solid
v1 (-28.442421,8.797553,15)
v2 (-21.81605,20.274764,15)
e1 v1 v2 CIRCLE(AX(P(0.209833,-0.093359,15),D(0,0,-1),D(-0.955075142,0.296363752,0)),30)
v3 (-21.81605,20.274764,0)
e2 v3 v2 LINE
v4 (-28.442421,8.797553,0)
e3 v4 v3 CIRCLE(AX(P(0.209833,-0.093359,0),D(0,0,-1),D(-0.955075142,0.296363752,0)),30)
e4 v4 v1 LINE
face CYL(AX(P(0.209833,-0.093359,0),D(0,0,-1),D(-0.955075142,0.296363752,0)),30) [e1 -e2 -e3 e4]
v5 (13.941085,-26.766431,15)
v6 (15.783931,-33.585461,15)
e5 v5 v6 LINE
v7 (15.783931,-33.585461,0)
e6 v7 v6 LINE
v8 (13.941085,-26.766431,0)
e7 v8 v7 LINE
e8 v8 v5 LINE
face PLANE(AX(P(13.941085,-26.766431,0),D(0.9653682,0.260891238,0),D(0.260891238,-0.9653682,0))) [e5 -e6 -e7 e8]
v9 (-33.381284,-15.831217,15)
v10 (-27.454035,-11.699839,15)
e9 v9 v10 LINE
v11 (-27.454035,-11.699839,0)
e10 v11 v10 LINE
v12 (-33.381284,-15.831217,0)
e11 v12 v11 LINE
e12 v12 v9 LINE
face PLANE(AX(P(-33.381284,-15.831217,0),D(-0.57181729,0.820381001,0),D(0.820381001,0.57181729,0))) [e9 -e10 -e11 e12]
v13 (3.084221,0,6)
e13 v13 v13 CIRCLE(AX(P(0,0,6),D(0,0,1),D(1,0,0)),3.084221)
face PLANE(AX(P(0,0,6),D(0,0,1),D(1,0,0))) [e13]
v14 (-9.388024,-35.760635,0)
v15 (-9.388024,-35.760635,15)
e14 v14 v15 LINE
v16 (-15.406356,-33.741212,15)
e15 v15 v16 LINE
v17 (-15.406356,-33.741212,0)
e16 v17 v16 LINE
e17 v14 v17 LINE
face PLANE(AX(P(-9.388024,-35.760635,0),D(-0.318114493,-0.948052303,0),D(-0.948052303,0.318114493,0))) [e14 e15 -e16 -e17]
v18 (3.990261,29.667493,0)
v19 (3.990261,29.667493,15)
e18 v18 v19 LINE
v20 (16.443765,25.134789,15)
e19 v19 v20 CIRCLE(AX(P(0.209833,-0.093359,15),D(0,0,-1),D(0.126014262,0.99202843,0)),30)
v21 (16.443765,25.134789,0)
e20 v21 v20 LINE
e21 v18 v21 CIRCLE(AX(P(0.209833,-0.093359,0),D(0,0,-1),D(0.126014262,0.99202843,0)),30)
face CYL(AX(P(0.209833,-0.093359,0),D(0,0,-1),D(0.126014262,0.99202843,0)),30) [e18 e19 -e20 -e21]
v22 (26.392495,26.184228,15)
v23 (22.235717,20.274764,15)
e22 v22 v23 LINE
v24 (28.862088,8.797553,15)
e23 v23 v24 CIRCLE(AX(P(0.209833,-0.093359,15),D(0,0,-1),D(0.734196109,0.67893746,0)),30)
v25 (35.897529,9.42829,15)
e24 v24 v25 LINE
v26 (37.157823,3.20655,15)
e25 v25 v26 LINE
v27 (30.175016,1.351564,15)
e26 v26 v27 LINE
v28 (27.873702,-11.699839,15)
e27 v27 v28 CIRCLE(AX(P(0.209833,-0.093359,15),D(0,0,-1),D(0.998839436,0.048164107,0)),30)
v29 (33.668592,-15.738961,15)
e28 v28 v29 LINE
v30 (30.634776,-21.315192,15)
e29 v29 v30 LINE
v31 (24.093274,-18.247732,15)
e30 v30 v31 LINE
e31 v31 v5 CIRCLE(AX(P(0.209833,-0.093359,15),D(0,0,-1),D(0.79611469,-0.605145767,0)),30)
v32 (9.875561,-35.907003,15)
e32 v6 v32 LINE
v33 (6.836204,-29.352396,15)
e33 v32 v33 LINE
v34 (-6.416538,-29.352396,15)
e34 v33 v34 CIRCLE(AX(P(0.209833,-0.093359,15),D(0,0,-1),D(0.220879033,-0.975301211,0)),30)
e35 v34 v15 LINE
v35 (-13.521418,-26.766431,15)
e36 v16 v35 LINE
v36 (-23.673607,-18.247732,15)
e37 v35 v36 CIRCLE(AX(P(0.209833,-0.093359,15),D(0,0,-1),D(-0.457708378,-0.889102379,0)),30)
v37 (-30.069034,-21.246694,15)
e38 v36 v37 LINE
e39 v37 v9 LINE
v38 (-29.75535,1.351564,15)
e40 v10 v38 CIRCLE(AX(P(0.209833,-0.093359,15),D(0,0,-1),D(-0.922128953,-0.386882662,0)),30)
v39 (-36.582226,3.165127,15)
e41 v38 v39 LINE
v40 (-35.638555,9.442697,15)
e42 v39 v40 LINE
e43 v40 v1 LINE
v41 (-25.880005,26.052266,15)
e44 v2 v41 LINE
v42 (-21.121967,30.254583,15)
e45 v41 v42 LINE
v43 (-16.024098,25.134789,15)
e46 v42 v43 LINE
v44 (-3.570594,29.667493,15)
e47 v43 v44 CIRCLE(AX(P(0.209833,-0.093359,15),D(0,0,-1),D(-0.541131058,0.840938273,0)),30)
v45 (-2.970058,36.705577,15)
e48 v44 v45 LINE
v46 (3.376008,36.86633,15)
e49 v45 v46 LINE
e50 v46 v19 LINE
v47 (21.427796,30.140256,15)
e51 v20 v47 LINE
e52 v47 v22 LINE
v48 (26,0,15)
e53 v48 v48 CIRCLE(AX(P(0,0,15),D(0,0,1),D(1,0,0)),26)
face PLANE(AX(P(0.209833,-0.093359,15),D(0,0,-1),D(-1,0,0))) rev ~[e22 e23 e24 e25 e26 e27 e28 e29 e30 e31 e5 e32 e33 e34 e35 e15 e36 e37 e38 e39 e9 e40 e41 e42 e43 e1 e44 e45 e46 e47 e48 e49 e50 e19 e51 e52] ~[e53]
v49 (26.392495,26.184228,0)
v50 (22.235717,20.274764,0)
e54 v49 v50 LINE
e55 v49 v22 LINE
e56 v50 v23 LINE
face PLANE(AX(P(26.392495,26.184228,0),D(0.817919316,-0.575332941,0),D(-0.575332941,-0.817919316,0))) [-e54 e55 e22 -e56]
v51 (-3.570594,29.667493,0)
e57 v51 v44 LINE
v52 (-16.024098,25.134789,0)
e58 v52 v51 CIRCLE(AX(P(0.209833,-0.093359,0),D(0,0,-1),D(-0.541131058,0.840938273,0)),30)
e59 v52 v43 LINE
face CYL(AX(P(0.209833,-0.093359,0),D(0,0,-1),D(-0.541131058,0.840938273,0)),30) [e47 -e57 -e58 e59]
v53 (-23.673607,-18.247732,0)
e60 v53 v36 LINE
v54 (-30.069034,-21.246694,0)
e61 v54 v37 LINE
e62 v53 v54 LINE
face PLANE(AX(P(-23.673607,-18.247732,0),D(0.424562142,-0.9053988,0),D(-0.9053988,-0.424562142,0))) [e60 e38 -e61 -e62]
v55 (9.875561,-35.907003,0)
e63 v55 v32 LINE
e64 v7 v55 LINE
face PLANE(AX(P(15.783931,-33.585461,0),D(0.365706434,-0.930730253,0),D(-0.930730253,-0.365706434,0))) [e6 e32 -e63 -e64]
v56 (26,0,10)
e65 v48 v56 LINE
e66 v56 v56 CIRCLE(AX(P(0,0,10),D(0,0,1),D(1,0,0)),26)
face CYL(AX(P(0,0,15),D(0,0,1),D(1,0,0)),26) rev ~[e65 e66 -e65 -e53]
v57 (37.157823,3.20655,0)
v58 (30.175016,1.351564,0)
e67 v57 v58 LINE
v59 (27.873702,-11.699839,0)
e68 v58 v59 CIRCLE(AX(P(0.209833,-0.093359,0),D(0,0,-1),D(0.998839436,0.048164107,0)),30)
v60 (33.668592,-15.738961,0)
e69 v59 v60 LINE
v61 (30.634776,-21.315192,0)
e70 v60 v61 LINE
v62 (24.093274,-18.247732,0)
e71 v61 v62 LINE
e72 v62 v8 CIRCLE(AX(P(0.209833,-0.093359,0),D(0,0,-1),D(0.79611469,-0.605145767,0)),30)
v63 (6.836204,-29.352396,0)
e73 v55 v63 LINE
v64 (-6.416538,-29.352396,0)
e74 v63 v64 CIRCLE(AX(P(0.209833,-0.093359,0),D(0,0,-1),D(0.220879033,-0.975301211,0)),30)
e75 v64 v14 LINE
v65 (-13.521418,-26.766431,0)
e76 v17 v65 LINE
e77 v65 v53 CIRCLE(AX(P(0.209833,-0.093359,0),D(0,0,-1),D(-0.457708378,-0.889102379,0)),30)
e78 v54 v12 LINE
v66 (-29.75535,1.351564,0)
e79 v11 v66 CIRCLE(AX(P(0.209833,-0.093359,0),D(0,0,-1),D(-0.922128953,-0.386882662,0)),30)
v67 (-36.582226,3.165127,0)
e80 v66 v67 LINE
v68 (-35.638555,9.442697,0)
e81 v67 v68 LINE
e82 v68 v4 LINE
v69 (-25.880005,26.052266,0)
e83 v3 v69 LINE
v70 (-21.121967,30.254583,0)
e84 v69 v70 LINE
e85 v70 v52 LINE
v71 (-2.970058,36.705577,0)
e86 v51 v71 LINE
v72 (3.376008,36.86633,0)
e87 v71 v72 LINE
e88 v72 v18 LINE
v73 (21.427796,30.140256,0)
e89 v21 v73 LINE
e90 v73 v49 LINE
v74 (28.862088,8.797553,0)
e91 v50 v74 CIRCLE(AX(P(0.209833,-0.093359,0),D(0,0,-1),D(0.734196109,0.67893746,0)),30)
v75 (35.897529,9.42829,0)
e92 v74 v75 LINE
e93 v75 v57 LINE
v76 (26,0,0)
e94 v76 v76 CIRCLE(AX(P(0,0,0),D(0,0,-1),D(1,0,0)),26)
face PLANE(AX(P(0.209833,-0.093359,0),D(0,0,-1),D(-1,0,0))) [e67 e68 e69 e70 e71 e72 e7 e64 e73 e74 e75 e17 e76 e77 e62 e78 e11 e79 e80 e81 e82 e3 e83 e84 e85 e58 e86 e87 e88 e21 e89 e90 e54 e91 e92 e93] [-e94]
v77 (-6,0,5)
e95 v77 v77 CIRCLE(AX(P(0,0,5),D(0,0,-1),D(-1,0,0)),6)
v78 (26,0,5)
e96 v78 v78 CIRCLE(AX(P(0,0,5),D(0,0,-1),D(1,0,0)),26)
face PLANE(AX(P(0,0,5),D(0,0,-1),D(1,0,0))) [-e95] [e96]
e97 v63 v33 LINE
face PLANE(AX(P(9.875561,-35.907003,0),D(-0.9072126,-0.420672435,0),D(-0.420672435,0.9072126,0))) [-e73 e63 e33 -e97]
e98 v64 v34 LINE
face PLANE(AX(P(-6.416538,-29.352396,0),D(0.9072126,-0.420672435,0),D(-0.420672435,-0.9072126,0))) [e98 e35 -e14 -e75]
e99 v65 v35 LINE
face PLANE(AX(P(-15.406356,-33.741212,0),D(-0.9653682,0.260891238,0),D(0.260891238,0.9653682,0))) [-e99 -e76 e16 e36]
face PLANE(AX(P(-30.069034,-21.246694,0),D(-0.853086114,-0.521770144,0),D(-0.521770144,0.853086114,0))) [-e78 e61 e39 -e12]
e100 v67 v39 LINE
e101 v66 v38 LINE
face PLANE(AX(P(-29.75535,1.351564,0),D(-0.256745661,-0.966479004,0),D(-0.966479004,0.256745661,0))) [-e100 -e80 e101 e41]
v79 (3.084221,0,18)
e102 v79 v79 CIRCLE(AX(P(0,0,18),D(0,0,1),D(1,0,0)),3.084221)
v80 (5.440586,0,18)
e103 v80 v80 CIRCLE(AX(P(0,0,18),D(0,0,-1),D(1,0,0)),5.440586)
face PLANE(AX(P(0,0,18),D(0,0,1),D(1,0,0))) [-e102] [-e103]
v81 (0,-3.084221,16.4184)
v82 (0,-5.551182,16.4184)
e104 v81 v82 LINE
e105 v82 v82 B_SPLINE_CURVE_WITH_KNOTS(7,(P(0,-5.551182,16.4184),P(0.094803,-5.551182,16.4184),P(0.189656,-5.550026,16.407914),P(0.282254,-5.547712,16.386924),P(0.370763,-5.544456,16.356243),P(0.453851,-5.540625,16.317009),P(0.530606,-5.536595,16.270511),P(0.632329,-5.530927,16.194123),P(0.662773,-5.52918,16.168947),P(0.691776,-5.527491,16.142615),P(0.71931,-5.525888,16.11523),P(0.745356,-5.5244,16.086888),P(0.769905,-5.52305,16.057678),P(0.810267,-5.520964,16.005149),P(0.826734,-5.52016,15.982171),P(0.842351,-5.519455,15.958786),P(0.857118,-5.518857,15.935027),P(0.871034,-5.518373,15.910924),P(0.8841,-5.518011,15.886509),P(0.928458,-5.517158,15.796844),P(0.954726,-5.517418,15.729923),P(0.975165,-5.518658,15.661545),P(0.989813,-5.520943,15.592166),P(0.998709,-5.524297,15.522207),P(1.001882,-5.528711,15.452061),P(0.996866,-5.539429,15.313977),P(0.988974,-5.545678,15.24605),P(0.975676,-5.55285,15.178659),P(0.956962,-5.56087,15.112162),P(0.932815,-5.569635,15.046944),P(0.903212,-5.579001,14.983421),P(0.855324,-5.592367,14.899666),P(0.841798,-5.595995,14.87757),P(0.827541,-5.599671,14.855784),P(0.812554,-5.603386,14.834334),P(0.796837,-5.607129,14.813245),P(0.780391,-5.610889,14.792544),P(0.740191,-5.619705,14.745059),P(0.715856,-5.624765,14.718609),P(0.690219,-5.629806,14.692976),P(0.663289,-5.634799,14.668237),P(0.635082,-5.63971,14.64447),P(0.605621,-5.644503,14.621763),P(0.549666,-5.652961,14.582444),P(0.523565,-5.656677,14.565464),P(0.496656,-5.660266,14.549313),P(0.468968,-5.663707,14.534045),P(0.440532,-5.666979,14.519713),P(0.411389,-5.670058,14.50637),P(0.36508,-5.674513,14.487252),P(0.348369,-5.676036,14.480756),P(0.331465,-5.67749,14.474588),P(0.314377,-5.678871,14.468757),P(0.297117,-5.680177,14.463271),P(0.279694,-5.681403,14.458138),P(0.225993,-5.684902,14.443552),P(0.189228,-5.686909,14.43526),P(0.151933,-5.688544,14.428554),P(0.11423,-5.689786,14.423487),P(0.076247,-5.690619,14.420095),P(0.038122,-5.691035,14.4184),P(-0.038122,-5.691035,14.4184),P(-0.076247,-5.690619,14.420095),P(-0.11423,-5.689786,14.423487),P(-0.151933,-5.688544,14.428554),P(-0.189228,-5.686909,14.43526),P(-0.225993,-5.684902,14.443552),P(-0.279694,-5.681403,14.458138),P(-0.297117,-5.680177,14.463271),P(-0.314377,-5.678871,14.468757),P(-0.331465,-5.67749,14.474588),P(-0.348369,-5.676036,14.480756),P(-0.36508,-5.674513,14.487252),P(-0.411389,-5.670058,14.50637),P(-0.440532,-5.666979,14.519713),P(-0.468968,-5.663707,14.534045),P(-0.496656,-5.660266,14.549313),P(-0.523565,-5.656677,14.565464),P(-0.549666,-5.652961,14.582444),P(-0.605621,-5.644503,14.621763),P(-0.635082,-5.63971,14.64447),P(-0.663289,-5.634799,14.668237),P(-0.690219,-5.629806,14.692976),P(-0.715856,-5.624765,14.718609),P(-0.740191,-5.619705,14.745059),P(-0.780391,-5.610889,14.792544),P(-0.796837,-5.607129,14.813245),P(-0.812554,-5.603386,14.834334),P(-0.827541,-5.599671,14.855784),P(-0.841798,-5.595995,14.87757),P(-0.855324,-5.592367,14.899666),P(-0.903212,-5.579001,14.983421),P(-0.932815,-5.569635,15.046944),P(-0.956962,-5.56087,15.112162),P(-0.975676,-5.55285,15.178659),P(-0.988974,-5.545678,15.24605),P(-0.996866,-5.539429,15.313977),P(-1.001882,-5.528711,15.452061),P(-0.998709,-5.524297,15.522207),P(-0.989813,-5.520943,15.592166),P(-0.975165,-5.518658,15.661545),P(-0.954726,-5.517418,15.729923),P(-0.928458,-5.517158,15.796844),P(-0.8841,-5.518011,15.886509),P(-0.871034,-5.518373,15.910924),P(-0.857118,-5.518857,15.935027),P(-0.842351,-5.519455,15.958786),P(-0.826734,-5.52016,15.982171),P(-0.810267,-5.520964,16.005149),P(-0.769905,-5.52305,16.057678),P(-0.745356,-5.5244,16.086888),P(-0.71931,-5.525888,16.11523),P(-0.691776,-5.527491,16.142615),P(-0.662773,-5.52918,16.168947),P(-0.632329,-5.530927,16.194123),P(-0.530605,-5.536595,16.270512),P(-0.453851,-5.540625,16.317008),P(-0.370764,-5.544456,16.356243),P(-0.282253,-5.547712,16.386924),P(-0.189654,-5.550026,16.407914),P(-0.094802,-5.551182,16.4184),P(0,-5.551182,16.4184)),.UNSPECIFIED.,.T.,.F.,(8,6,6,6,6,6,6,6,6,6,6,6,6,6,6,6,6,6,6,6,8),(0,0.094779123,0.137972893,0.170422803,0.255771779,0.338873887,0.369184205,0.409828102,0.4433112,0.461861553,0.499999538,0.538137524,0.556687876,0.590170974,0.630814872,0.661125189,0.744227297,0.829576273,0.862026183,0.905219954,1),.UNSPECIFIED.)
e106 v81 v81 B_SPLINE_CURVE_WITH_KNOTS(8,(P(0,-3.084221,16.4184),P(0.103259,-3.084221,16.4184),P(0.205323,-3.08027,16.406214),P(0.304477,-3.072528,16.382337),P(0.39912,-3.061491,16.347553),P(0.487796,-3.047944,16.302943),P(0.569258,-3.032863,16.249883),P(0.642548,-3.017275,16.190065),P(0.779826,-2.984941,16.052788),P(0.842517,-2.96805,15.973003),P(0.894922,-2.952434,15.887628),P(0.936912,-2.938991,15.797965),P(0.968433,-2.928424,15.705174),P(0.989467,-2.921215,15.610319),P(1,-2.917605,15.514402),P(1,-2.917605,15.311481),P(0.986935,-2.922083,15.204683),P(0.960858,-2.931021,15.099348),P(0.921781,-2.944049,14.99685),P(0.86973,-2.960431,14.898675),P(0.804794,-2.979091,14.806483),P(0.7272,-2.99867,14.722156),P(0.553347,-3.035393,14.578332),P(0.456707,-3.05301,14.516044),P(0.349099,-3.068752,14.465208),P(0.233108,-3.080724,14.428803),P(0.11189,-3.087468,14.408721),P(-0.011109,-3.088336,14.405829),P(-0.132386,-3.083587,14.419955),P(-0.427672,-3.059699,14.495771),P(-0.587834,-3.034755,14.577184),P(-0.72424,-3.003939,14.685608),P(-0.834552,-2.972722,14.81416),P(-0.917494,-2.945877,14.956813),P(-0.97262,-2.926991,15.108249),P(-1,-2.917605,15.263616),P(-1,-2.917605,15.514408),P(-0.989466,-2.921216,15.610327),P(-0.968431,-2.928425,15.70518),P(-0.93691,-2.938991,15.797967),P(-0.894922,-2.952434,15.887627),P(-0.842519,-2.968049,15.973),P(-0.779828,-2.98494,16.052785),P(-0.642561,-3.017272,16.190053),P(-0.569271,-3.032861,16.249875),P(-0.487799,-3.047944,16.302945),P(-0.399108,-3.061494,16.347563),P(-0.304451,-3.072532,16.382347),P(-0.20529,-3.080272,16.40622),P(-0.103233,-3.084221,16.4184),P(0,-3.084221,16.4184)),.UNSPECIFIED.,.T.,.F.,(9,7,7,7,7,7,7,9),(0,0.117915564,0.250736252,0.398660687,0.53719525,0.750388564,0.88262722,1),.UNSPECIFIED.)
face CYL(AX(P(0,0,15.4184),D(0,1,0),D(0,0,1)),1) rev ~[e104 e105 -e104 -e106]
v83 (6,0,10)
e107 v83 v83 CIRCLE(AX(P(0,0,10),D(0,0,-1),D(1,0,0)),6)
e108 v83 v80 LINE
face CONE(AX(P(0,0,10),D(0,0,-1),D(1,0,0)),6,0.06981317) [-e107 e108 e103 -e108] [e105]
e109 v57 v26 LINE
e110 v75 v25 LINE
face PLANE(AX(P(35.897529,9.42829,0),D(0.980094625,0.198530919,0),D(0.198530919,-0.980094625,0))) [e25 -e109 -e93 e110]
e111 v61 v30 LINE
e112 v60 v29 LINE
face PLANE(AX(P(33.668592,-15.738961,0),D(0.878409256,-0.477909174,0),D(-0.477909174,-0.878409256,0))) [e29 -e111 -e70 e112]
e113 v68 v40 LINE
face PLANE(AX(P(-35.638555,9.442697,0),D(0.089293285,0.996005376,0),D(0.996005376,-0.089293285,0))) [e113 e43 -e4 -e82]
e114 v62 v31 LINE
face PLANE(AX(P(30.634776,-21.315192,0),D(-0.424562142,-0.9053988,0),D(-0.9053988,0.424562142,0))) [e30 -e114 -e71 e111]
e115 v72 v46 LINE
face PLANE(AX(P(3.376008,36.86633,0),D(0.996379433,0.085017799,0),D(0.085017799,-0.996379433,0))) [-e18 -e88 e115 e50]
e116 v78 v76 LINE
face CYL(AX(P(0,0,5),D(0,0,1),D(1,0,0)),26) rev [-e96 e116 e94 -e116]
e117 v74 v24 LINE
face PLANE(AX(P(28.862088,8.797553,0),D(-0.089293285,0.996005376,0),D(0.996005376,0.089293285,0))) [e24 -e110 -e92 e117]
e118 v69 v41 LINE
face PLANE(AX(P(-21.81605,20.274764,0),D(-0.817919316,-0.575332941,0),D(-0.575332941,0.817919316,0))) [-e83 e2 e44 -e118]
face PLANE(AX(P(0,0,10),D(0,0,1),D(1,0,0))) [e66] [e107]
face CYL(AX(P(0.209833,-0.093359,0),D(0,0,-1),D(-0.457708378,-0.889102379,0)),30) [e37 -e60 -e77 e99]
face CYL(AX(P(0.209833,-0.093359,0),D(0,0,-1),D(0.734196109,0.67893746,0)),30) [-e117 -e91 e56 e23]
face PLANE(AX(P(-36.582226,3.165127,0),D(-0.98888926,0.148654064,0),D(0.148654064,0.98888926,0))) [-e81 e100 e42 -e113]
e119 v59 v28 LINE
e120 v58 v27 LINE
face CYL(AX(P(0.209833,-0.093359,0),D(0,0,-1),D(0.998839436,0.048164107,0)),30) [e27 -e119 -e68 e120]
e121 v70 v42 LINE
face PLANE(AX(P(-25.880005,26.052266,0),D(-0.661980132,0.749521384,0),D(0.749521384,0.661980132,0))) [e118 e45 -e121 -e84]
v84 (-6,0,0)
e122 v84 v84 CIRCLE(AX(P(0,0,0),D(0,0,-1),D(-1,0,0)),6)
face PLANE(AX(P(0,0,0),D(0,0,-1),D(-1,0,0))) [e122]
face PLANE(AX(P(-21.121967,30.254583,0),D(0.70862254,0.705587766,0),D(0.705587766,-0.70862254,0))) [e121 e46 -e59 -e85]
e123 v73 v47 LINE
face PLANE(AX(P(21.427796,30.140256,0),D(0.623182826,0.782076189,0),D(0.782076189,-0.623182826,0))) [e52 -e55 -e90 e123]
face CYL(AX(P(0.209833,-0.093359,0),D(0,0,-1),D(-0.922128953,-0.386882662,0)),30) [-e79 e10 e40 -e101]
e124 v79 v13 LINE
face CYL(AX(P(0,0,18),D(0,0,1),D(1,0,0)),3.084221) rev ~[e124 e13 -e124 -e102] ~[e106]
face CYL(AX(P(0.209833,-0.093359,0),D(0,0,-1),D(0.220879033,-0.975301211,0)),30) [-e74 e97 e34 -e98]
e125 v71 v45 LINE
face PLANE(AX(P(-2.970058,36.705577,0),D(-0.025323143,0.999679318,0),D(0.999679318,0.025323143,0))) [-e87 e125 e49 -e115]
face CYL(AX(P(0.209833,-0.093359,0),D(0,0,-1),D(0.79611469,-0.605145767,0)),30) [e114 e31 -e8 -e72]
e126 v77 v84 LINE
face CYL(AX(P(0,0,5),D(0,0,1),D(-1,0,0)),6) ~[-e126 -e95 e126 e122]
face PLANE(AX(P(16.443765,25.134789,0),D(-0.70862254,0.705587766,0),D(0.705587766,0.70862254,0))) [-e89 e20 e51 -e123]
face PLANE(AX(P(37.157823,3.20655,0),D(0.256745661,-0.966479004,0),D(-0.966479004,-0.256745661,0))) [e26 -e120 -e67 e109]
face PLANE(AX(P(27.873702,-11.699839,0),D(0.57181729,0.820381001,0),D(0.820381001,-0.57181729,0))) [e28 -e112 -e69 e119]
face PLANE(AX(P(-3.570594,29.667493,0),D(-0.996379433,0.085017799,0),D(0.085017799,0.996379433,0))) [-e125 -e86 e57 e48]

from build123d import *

# Parameters (mm, degrees)
BOSS_EXTRUDE1_DEPTH = 15
SKETCH3_R           = 26
CUT_EXTRUDE1_DEPTH  = 5
CUT_EXTRUDE2_START  = -5
SKETCH4_R           = 26
CUT_EXTRUDE2_DEPTH  = 5
SKETCH5_R           = 6
BOSS_EXTRUDE2_DEPTH = 8
BOSS_EXTRUDE2_TAPER = 4
SKETCH6_R           = 6
BOSS_EXTRUDE3_DEPTH = 5
SKETCH7_R           = 3.084221082
CUT_EXTRUDE3_DEPTH  = 12
CUT_EXTRUDE4_REACH  = 57.352
SKETCH8_R           = 1


with BuildPart() as part:
    # Sketch1 → Boss-Extrude1 (new body)
    with BuildSketch(Plane.XY):
        with BuildLine():
            Line((-3.570594462, 29.667493479), (-2.97005784, 36.705576615))
            Line((-2.97005784, 36.705576615), (3.376008048, 36.866330498))
            Line((3.376008048, 36.866330498), (3.990261273, 29.667493478))
            ThreePointArc((3.990261273, 29.667493478), (10.470437707, 28.097419204), (16.443765143, 25.134788755))
            Line((16.443765143, 25.134788755), (21.427795521, 30.140255732))
            Line((21.427795521, 30.140255732), (26.392494634, 26.184227828))
            Line((26.392494634, 26.184227828), (22.235716663, 20.274764369))
            ThreePointArc((22.235716663, 20.274764369), (26.190595521, 14.906640576), (28.862087666, 8.797553119))
            Line((28.862087666, 8.797553119), (35.897528594, 9.428290308))
            Line((35.897528594, 9.428290308), (37.157823041, 3.20655004))
            Line((37.157823041, 3.20655004), (30.175016484, 1.351563771))
            ThreePointArc((30.175016484, 1.351563771), (29.754065995, -5.302804758), (27.873701984, -11.699839306))
            Line((27.873701984, -11.699839306), (33.668592462, -15.738960845))
            Line((33.668592462, -15.738960845), (30.634776465, -21.315192059))
            Line((30.634776465, -21.315192059), (24.093274115, -18.247732447))
            ThreePointArc((24.093274115, -18.247732447), (19.493461691, -23.074692722), (13.941084742, -26.766430803))
            Line((13.941084742, -26.766430803), (15.783931113, -33.585461212))
            Line((15.783931113, -33.585461212), (9.875560893, -35.907002814))
            Line((9.875560893, -35.907002814), (6.8362044, -29.352395764))
            ThreePointArc((6.8362044, -29.352395764), (0.209833396, -30.093359427), (-6.416537607, -29.352395762))
            Line((-6.416537607, -29.352395762), (-9.388023643, -35.760634927))
            Line((-9.388023643, -35.760634927), (-15.406355994, -33.741211801))
            Line((-15.406355994, -33.741211801), (-13.521417949, -26.766430798))
            ThreePointArc((-13.521417949, -26.766430798), (-19.073794896, -23.074692716), (-23.673607318, -18.24773244))
            Line((-23.673607318, -18.24773244), (-30.069034419, -21.246694037))
            Line((-30.069034419, -21.246694037), (-33.381284309, -15.831216706))
            Line((-33.381284309, -15.831216706), (-27.454035185, -11.699839298))
            ThreePointArc((-27.454035185, -11.699839298), (-29.334399194, -5.302804748), (-29.755349682, 1.351563781))
            Line((-29.755349682, 1.351563781), (-36.58222643, 3.165127213))
            Line((-36.58222643, 3.165127213), (-35.638555324, 9.442696719))
            Line((-35.638555324, 9.442696719), (-28.442420861, 8.797553128))
            ThreePointArc((-28.442420861, 8.797553128), (-25.770928714, 14.906640584), (-21.816049855, 20.274764376))
            Line((-21.816049855, 20.274764376), (-25.880004748, 26.052266352))
            Line((-25.880004748, 26.052266352), (-21.121966844, 30.254583494))
            Line((-21.121966844, 30.254583494), (-16.024098333, 25.13478876))
            ThreePointArc((-16.024098333, 25.13478876), (-10.050770896, 28.097419207), (-3.570594462, 29.667493479))
        make_face()
    extrude(amount=BOSS_EXTRUDE1_DEPTH)

    # Sketch3 → Cut-Extrude1 (cut)
    with BuildSketch(Plane.XY.offset(15)):
        Circle(SKETCH3_R)
    extrude(amount=-CUT_EXTRUDE1_DEPTH, mode=Mode.SUBTRACT)

    # Sketch4 → Cut-Extrude2 (cut)
    with BuildSketch(Plane(origin=(0, 0, 0), x_dir=(-1, 0, 0), z_dir=(0, 0, -1)).offset(CUT_EXTRUDE2_START)):
        with Locations(Location((0, 0, 0), (0, 0, 180))):
            Circle(SKETCH4_R)
    extrude(amount=CUT_EXTRUDE2_DEPTH, mode=Mode.SUBTRACT)

    # Sketch5 → Boss-Extrude2 (add)
    with BuildSketch(Plane.XY.offset(10)):
        Circle(SKETCH5_R)
    extrude(amount=BOSS_EXTRUDE2_DEPTH, taper=BOSS_EXTRUDE2_TAPER)

    # Sketch6 → Boss-Extrude3 (add)
    with BuildSketch(Plane(origin=(0, 0, 5), x_dir=(-1, 0, 0), z_dir=(0, 0, -1))):
        Circle(SKETCH6_R)
    extrude(amount=BOSS_EXTRUDE3_DEPTH)

    # Sketch7 → Cut-Extrude3 (cut)
    with BuildSketch(Plane.XY.offset(18)):
        Circle(SKETCH7_R)
    extrude(amount=-CUT_EXTRUDE3_DEPTH, mode=Mode.SUBTRACT)

    # Cut-Extrude4: up to this cone (the profile starts inside it)
    cut_extrude4_end = Plane(origin=(0, 0, 15.4184), z_dir=(0, 0, -1)) * Cone(1.182636436, 10.059580688, 126.946217124, mode=Mode.PRIVATE)
    # Sketch8 → Cut-Extrude4 (cut, up to the surface)
    with BuildSketch(Plane(origin=(0, 0, 0), x_dir=(1, 0, 0), z_dir=(0, 1, 0)), mode=Mode.PRIVATE) as cut_extrude4_sk1:
        with Locations(Location((0, -15.418399821, 0), (0, 0, 270))):
            Circle(SKETCH8_R)
    cut_extrude4_tool1 = extrude(cut_extrude4_sk1.sketch, amount=-CUT_EXTRUDE4_REACH, mode=Mode.PRIVATE) & cut_extrude4_end
    add(cut_extrude4_tool1.solids().sort_by_distance((0, 0, 15.4184))[0], mode=Mode.SUBTRACT)


solid = part.part
